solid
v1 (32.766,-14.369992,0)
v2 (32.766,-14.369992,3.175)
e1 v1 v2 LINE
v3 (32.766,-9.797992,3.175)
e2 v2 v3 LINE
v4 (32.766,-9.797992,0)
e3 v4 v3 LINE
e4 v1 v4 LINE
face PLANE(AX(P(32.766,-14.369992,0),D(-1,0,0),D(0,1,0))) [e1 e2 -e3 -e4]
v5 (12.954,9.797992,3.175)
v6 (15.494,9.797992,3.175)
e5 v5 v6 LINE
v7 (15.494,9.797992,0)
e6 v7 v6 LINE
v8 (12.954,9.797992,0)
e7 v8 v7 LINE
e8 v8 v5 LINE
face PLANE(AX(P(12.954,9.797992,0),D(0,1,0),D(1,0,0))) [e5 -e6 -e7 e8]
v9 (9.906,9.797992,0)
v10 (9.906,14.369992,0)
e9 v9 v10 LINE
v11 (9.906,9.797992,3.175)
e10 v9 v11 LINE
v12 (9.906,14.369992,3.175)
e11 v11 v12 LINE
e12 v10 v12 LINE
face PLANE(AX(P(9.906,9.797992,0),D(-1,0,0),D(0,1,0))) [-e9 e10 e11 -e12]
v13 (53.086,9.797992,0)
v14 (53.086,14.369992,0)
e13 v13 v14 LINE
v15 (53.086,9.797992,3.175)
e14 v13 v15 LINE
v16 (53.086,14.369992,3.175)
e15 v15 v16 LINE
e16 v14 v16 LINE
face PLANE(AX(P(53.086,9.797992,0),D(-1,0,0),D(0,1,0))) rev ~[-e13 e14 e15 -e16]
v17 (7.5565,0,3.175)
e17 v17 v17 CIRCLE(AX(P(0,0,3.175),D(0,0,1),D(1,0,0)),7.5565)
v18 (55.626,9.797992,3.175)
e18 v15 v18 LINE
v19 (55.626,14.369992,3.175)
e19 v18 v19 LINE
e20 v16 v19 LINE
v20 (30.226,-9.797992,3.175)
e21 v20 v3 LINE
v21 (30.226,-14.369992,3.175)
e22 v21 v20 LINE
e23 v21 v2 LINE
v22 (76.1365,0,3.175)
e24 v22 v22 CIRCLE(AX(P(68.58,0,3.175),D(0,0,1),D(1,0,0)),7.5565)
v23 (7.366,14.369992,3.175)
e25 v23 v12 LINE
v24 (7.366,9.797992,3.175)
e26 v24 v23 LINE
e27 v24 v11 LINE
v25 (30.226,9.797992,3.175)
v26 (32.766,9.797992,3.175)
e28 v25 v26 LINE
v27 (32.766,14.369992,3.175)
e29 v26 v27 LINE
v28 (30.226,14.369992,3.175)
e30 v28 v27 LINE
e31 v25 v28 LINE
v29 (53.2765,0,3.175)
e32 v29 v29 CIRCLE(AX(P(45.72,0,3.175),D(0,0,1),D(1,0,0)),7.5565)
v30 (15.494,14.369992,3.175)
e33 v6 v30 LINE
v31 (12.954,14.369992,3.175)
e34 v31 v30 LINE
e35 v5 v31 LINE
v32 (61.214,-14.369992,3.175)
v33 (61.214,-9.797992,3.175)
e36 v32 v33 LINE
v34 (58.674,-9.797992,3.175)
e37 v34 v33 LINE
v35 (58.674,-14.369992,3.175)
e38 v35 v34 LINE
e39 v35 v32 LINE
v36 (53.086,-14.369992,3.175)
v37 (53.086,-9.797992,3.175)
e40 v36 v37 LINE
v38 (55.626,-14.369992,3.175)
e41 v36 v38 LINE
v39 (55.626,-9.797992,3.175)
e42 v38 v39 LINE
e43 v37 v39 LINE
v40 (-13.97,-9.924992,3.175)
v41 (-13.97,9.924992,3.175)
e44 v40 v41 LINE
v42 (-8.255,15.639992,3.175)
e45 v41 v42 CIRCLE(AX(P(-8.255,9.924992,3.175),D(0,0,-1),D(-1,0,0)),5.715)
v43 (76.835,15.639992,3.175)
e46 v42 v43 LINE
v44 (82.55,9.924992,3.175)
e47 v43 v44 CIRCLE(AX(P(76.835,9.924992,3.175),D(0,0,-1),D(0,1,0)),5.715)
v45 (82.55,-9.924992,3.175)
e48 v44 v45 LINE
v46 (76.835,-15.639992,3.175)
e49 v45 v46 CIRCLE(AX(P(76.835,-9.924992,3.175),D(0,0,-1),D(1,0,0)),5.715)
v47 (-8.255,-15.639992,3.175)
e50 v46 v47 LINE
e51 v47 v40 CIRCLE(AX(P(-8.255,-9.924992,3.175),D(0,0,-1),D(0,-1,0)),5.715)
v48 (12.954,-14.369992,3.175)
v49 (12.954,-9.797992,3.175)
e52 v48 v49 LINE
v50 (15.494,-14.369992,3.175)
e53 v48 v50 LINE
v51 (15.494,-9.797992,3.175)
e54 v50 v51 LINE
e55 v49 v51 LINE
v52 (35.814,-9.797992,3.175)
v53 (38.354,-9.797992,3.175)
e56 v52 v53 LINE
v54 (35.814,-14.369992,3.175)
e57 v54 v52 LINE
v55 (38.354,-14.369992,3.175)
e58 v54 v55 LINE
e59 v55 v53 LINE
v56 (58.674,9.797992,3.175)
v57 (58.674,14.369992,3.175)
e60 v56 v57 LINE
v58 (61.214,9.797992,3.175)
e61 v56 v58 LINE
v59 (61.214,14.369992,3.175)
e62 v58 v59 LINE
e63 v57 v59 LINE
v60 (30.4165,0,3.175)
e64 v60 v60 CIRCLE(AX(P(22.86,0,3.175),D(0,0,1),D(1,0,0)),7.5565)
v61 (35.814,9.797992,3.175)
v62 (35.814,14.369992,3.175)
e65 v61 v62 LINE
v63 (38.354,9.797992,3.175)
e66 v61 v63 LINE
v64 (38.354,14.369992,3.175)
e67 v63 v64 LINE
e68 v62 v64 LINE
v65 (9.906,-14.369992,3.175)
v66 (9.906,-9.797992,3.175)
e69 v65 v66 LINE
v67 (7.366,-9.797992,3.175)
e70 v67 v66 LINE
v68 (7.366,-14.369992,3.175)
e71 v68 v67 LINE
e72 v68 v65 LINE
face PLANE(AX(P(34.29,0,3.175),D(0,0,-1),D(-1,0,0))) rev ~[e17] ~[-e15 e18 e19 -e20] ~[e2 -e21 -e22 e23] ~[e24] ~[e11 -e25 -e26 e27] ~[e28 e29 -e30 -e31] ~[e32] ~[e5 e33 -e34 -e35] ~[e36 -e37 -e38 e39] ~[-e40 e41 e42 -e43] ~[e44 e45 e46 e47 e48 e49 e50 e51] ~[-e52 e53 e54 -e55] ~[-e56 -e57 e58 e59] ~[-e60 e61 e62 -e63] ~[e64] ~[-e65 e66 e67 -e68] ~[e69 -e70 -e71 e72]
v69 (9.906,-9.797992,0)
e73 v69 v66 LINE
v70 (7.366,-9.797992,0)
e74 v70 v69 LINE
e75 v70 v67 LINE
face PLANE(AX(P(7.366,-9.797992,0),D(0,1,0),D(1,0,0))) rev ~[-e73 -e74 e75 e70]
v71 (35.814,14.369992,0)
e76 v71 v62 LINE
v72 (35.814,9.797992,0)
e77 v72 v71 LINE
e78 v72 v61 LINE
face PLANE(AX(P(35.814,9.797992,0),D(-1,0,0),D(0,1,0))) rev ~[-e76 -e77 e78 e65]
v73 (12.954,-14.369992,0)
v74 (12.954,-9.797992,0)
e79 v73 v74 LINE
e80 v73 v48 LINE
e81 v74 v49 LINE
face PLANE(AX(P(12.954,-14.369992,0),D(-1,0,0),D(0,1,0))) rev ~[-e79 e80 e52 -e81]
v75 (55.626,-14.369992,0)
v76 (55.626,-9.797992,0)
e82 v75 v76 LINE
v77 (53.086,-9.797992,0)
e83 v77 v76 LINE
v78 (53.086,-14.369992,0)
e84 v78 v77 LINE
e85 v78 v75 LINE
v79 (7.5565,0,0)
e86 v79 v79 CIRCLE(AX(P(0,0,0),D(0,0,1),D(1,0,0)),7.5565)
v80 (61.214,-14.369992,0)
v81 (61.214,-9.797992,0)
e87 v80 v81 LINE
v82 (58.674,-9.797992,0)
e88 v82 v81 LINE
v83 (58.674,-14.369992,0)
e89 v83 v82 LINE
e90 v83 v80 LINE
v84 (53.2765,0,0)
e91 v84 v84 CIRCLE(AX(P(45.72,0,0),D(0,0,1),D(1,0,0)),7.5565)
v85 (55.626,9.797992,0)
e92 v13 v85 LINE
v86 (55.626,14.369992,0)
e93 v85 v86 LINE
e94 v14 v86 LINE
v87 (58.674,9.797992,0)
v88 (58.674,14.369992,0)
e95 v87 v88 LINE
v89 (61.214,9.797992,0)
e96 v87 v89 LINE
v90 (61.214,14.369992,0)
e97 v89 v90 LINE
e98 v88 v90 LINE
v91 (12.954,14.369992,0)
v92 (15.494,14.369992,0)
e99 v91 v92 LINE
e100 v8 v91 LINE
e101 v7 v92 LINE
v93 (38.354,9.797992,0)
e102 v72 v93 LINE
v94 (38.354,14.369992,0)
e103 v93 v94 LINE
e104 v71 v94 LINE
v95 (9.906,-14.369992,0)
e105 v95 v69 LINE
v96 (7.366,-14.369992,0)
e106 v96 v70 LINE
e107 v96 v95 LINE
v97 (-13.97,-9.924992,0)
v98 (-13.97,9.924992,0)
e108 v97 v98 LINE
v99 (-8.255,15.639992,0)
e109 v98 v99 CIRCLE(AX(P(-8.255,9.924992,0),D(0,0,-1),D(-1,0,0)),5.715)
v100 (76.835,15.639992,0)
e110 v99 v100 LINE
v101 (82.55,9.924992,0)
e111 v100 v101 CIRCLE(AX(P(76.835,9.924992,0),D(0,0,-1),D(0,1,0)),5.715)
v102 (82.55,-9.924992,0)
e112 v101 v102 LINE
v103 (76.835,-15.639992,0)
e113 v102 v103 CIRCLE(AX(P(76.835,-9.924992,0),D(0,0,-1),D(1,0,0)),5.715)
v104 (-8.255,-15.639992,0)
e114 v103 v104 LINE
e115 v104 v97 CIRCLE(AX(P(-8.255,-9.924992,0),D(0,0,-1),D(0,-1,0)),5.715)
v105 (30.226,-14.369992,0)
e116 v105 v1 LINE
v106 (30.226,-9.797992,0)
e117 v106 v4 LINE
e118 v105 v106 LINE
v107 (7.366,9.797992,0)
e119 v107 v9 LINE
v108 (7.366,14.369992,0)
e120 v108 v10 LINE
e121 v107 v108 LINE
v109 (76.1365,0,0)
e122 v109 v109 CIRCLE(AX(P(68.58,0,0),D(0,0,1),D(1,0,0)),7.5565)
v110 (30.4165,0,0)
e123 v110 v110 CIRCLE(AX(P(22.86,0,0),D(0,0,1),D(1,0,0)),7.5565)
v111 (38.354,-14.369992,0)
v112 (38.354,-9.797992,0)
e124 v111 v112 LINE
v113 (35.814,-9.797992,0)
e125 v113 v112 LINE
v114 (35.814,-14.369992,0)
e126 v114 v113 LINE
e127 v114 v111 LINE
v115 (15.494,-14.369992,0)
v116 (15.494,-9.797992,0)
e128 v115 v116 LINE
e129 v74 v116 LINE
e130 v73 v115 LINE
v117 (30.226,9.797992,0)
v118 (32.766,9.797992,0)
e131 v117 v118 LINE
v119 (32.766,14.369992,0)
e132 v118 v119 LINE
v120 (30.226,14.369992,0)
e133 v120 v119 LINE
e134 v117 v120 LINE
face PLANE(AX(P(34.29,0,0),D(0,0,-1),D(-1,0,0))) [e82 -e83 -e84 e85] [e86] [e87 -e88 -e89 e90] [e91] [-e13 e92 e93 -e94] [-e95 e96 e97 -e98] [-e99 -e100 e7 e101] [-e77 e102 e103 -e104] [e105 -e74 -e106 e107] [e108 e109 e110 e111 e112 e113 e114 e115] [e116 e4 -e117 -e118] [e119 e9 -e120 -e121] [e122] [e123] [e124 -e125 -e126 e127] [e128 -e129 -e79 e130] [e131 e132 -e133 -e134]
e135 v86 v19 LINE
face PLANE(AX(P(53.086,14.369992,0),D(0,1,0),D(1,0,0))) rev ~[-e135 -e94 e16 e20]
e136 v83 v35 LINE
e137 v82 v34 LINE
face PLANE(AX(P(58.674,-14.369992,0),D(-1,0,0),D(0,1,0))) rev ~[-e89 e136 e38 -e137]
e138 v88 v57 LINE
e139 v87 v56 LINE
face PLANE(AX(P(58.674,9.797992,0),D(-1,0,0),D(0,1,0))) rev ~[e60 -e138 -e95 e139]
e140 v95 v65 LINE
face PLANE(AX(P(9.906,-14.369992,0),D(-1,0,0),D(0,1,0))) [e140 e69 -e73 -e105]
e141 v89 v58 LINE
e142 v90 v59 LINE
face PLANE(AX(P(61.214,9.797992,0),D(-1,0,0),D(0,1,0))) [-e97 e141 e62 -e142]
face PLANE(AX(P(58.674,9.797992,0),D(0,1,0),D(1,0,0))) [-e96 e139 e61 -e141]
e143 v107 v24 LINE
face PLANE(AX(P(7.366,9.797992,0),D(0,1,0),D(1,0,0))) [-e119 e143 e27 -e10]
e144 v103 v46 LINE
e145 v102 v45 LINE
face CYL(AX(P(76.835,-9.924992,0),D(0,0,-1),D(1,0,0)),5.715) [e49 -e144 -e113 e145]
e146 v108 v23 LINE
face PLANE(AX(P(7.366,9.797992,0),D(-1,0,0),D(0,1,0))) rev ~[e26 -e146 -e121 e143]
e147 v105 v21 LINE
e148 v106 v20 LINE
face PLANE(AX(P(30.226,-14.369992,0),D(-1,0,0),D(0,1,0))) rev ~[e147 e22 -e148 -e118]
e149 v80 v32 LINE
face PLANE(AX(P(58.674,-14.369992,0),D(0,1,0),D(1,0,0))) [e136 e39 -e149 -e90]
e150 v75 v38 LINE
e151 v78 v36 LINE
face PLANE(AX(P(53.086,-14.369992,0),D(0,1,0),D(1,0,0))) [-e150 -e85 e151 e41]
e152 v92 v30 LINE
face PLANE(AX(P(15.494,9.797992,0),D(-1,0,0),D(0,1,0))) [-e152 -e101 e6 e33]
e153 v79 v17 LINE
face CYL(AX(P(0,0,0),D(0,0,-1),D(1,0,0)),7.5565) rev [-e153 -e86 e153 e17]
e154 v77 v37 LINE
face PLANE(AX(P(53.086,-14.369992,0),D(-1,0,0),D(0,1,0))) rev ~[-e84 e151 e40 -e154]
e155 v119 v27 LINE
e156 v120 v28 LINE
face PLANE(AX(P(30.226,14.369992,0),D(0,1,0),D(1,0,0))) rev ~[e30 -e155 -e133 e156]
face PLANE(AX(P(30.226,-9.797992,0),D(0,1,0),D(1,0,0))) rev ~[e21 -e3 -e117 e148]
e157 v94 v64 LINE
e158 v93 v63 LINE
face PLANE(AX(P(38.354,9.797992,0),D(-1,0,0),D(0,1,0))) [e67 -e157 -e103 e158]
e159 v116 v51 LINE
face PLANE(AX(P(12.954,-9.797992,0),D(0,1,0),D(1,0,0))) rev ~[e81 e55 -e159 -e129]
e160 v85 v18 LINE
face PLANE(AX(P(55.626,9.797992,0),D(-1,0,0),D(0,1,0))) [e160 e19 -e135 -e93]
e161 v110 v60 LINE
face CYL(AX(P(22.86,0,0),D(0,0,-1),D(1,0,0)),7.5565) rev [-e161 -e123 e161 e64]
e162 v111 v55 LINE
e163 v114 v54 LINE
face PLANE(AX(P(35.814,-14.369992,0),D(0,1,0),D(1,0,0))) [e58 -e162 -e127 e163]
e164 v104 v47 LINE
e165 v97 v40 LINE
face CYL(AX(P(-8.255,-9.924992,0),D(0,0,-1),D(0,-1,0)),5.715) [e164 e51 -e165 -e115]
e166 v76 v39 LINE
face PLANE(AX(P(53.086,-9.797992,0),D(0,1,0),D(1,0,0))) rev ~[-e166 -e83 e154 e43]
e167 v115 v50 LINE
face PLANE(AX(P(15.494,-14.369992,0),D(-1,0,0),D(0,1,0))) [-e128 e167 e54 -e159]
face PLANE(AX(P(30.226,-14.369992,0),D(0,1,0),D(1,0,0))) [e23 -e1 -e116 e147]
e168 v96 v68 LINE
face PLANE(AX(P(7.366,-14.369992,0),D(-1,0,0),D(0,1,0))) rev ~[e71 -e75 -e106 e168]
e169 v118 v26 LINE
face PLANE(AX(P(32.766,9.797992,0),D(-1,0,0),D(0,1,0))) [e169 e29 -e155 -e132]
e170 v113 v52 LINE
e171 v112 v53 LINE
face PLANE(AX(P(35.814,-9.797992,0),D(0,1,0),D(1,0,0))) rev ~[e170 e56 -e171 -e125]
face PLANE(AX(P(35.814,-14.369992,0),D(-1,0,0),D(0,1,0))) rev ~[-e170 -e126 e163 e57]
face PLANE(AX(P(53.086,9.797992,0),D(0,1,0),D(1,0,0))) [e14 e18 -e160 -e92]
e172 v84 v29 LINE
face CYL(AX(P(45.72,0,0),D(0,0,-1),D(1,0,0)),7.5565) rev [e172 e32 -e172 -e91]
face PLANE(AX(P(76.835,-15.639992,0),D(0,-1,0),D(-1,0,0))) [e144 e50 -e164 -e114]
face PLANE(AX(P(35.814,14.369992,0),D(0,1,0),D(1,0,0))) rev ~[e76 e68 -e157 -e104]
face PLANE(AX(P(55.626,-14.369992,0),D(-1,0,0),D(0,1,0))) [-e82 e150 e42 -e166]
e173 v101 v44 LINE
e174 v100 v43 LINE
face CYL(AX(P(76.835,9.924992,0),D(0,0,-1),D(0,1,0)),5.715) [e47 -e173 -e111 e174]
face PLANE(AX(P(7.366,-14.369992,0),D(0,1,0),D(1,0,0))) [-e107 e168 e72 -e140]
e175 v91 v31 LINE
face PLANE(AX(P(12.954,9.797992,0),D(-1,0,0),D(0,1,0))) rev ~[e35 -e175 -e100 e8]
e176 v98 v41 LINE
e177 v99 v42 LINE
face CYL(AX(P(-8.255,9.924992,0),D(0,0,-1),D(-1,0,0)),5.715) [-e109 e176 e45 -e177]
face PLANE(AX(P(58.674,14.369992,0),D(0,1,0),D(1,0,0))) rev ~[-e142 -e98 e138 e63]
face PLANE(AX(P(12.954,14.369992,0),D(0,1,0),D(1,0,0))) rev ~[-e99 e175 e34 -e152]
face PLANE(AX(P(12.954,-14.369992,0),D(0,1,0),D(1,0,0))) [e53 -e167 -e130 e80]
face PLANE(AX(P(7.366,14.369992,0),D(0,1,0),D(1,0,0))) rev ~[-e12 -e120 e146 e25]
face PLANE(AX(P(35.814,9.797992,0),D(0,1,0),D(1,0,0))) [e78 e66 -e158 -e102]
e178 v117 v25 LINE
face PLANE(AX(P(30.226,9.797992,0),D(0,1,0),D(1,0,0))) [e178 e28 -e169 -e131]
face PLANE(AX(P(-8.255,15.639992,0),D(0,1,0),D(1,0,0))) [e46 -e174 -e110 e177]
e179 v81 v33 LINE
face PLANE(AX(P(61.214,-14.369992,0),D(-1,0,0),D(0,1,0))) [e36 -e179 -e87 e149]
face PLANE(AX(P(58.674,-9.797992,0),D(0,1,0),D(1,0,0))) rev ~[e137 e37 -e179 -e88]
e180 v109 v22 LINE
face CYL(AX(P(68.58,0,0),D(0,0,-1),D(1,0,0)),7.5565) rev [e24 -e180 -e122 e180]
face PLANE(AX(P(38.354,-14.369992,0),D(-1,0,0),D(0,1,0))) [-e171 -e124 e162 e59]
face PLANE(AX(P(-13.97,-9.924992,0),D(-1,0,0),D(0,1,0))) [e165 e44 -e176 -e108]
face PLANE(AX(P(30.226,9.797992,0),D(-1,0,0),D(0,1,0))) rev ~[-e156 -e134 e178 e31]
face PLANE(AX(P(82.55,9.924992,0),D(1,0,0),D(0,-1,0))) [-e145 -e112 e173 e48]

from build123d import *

# Parameters (mm, degrees)
SKETCH1_R           = 7.5565
SKETCH1_W           = 2.54
SKETCH1_H           = 4.572
BOSS_EXTRUDE1_DEPTH = 3.175


with BuildPart() as part:
    # Sketch1 → Boss-Extrude1 (new body)
    with BuildSketch(Plane.XY):
        with BuildLine():
            Line((-8.255, 15.639992312), (76.835, 15.639992312))
            ThreePointArc((76.835, 15.639992312), (80.876115254, 13.966107566), (82.55, 9.924992312))
            Line((82.55, 9.924992312), (82.55, -9.924992312))
            ThreePointArc((82.55, -9.924992312), (80.876115254, -13.966107566), (76.835, -15.639992312))
            Line((76.835, -15.639992312), (-8.255, -15.639992312))
            ThreePointArc((-8.255, -15.639992312), (-12.296115254, -13.966107566), (-13.97, -9.924992312))
            Line((-13.97, -9.924992312), (-13.97, 9.924992312))
            ThreePointArc((-13.97, 9.924992312), (-12.296115254, 13.966107566), (-8.255, 15.639992312))
        make_face()
        Circle(SKETCH1_R, mode=Mode.SUBTRACT)
        with Locations((22.86, 0)):
            Circle(SKETCH1_R, mode=Mode.SUBTRACT)
        with Locations((45.72, 0)):
            Circle(SKETCH1_R, mode=Mode.SUBTRACT)
        with Locations((68.58, 0)):
            Circle(SKETCH1_R, mode=Mode.SUBTRACT)
        with Locations((8.636, 12.083992312)):
            Rectangle(SKETCH1_W, SKETCH1_H, mode=Mode.SUBTRACT)
        with Locations((14.224, 12.083992312)):
            Rectangle(SKETCH1_W, SKETCH1_H, mode=Mode.SUBTRACT)
        with Locations((31.496, 12.083992312)):
            Rectangle(SKETCH1_W, SKETCH1_H, mode=Mode.SUBTRACT)
        with Locations((37.084, 12.083992312)):
            Rectangle(SKETCH1_W, SKETCH1_H, mode=Mode.SUBTRACT)
        with Locations((54.356, 12.083992312)):
            Rectangle(SKETCH1_W, SKETCH1_H, mode=Mode.SUBTRACT)
        with Locations((59.944, 12.083992312)):
            Rectangle(SKETCH1_W, SKETCH1_H, mode=Mode.SUBTRACT)
        with Locations((59.944, -12.083992312)):
            Rectangle(SKETCH1_W, SKETCH1_H, mode=Mode.SUBTRACT)
        with Locations((54.356, -12.083992312)):
            Rectangle(SKETCH1_W, SKETCH1_H, mode=Mode.SUBTRACT)
        with Locations((37.084, -12.083992312)):
            Rectangle(SKETCH1_W, SKETCH1_H, mode=Mode.SUBTRACT)
        with Locations((31.496, -12.083992312)):
            Rectangle(SKETCH1_W, SKETCH1_H, mode=Mode.SUBTRACT)
        with Locations((14.224, -12.083992312)):
            Rectangle(SKETCH1_W, SKETCH1_H, mode=Mode.SUBTRACT)
        with Locations((8.636, -12.083992312)):
            Rectangle(SKETCH1_W, SKETCH1_H, mode=Mode.SUBTRACT)
    extrude(amount=BOSS_EXTRUDE1_DEPTH)


solid = part.part
